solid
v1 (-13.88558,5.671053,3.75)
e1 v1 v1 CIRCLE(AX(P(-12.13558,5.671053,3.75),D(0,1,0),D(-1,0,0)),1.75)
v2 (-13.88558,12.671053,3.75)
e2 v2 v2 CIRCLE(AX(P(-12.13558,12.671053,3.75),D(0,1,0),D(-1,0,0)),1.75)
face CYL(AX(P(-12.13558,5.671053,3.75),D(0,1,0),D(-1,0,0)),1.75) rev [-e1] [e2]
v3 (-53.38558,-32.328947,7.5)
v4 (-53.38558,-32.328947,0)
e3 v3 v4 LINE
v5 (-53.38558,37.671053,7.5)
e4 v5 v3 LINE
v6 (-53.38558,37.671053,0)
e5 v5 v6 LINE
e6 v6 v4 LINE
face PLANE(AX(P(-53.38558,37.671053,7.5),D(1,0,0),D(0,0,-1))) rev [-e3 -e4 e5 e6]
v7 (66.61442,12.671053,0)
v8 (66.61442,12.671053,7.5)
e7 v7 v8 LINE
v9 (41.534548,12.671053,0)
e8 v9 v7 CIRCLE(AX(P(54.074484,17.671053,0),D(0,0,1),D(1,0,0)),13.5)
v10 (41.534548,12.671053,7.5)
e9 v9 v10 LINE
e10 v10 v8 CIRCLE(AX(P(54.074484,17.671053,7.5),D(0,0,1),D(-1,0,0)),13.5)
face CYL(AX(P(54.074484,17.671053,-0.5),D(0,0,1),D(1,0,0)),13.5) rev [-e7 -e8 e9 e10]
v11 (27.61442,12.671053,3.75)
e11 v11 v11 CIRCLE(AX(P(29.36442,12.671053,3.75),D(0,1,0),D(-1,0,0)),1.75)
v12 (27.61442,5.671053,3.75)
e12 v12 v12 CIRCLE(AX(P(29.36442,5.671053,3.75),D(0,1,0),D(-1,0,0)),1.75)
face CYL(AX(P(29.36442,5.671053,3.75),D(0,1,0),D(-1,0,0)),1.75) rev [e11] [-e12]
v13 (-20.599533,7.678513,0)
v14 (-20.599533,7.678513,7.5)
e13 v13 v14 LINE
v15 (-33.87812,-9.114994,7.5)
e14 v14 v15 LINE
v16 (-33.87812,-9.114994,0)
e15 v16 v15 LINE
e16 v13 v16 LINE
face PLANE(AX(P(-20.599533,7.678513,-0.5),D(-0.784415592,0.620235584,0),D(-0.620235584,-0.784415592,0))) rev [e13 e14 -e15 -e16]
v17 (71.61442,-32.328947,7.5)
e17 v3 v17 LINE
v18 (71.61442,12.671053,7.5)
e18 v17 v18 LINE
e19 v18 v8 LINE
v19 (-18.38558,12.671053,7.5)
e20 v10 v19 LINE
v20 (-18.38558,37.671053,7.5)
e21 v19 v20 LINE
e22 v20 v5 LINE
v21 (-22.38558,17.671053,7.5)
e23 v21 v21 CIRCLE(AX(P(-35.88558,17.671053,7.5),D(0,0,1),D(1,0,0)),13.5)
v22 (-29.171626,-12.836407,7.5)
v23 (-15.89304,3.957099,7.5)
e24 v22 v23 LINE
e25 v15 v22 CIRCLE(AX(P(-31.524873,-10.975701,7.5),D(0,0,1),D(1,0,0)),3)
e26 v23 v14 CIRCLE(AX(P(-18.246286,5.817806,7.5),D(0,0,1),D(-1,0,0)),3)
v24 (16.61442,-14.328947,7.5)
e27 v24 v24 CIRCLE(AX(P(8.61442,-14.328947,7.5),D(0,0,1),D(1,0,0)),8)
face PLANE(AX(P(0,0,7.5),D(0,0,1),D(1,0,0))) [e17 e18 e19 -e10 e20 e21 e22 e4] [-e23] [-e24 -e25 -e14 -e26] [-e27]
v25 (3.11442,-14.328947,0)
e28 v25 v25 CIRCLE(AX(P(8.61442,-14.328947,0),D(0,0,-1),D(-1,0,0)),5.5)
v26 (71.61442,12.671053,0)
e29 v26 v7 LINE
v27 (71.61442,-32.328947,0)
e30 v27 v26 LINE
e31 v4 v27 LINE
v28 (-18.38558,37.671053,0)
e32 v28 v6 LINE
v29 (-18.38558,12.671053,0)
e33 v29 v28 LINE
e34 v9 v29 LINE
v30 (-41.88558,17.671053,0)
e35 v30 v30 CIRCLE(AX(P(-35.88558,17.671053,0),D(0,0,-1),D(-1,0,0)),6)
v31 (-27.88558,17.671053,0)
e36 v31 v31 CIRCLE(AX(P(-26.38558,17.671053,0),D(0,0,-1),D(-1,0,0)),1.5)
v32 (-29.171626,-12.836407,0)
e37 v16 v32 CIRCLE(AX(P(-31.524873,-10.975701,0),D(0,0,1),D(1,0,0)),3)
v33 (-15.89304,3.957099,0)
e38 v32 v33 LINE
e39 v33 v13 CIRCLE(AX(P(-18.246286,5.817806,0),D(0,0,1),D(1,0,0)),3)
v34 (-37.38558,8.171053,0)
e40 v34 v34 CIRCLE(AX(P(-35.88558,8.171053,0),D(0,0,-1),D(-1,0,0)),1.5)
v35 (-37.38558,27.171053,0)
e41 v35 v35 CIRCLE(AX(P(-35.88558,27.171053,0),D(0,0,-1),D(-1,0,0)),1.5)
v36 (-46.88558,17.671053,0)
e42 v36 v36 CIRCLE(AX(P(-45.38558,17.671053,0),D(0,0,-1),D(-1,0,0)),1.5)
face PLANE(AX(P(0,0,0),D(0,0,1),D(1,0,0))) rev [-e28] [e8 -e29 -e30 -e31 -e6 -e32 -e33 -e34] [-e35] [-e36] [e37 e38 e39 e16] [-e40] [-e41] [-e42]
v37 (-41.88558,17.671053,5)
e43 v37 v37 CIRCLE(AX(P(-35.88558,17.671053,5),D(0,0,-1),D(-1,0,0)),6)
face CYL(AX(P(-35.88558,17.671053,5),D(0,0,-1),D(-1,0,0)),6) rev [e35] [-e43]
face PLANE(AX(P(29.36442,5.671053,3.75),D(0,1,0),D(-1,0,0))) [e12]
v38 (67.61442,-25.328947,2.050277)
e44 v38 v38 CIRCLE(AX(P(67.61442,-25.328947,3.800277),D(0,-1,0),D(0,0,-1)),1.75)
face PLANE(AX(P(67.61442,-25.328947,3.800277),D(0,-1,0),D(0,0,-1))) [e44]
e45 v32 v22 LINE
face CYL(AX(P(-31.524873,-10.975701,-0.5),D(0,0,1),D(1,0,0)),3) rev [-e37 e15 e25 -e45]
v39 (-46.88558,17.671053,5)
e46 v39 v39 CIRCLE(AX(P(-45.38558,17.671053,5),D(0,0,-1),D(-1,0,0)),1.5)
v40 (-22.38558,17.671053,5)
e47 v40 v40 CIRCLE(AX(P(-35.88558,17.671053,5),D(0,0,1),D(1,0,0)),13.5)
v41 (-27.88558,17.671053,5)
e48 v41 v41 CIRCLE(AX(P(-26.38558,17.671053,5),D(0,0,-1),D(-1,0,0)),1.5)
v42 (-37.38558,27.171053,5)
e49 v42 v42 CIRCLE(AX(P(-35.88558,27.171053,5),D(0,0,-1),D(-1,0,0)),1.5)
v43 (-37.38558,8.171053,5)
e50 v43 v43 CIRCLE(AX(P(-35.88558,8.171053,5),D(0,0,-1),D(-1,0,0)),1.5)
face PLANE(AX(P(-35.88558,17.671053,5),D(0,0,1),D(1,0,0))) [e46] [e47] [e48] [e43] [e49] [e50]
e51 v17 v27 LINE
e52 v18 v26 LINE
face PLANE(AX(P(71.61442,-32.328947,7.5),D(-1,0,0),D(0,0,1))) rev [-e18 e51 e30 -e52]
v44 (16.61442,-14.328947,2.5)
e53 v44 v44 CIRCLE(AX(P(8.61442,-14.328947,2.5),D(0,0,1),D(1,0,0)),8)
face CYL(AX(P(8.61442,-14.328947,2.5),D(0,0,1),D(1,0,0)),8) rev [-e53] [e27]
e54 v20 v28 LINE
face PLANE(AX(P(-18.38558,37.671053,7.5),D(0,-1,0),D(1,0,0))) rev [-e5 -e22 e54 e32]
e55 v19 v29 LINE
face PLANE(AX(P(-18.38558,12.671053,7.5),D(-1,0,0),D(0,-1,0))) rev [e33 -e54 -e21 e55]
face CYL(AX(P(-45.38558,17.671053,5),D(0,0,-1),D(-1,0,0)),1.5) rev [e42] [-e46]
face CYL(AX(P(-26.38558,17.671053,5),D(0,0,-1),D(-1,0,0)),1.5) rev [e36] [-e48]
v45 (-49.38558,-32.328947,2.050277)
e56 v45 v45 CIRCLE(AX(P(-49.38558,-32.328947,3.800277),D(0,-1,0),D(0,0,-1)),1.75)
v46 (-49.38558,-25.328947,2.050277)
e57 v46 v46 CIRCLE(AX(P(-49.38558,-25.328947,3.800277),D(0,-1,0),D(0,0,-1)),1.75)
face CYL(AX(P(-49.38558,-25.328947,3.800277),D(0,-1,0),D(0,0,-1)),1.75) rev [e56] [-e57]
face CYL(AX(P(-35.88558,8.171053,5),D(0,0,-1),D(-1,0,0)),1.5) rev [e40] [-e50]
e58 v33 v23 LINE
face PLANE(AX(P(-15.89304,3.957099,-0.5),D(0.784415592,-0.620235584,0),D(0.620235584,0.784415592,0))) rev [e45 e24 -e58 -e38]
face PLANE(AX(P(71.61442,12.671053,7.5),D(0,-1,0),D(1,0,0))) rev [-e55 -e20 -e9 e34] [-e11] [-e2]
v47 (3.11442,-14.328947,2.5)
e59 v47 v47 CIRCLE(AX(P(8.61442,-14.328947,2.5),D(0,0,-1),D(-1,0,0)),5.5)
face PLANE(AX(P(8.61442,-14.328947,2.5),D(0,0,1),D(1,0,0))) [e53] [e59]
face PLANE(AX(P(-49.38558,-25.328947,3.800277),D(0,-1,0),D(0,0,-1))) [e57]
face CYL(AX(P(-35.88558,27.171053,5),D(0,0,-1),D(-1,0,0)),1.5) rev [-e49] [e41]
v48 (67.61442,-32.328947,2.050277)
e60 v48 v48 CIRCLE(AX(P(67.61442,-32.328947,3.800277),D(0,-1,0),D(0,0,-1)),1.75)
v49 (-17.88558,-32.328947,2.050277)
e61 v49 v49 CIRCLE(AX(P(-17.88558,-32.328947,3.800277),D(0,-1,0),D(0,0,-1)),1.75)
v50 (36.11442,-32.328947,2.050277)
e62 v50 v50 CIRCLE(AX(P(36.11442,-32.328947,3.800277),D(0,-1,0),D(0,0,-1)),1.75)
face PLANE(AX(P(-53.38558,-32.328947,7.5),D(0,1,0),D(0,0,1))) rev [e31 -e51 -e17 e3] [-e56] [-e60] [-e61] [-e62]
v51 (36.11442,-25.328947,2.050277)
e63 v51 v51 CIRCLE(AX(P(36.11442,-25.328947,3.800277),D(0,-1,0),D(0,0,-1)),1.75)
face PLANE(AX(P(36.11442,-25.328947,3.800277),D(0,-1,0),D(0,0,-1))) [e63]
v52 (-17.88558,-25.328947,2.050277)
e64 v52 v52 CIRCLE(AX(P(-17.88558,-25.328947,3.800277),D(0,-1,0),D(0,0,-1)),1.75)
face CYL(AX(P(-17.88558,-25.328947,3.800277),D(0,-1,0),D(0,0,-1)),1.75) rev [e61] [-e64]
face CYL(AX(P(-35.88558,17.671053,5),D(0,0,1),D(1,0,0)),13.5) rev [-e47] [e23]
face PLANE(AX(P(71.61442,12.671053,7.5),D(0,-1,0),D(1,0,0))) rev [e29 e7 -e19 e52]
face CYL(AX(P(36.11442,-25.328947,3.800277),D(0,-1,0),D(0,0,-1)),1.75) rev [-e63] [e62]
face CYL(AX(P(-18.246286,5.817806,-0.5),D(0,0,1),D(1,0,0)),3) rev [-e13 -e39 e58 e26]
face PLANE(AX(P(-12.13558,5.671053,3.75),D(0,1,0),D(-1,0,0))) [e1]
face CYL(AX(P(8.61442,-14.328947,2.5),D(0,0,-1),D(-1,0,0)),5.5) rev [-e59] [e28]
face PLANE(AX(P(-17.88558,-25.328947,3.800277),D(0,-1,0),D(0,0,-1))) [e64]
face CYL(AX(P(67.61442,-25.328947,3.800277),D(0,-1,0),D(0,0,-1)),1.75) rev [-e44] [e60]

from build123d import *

# Parameters (mm, degrees)
BOSS_EXTRU_1_DEPTH       = 7.5
REPOSE_MOTEUR_DEPTH      = 8
ESQUISSE5_R              = 8
FIXATION_COURROI_1_DEPTH = 5
ESQUISSE6_R              = 5.5
FIXATION_COURROI_2_DEPTH = 2.5
ESQUISSE3_R              = 1.5
ESQUISSE3_R_2            = 6
FIXATION_MOTEUR_1_DEPTH  = 5
ESQUISSE2_R              = 13.5
FIXATION_MOTEUR_2_DEPTH  = 2.5
ESQUISSE9_R              = 1.75
PERCAGE_1_DEPTH          = 7
ESQUISSE7_R              = 1.75
PERCAGE_2_DEPTH          = 7


with BuildPart() as part:
    # Esquisse1 → Boss.-Extru.1 (new body)
    with BuildSketch(Plane.XY):
        Polygon((-53.385579659, 37.671052632), (-53.385579659, -32.328947368), (71.614420341, -32.328947368), (71.614420341, 12.671052632), (-18.385579659, 12.671052632), (-18.385579659, 37.671052632), align=None)
    extrude(amount=BOSS_EXTRU_1_DEPTH)

    # Esquisse4 → Repose moteur (cut)
    with BuildSketch(Plane.XY.offset(7.5)):
        with BuildLine():
            Line((41.534547933, 12.671052632), (66.614420341, 12.671052632))
            ThreePointArc((66.614420341, 12.671052632), (54.074484137, 4.171052632), (41.534547933, 12.671052632))
        make_face()
        with BuildLine():
            Line((-20.599533185, 7.678512609), (-33.878119681, -9.114993842))
            ThreePointArc((-33.878119681, -9.114993842), (-33.385579659, -13.328947368), (-29.171626132, -12.836407346))
            Line((-29.171626132, -12.836407346), (-15.893039636, 3.957099105))
            ThreePointArc((-15.893039636, 3.957099105), (-16.385579659, 8.171052632), (-20.599533185, 7.678512609))
        make_face()
    extrude(amount=-REPOSE_MOTEUR_DEPTH, mode=Mode.SUBTRACT)

    # Esquisse5 → Fixation courroi 1 (cut)
    with BuildSketch(Plane.XY.offset(7.5)):
        with Locations((8.614420341, -14.328947368)):
            Circle(ESQUISSE5_R)
    extrude(amount=-FIXATION_COURROI_1_DEPTH, mode=Mode.SUBTRACT)

    # Esquisse6 → Fixation courroi 2 (cut)
    with BuildSketch(Plane(origin=(0, 0, 0), x_dir=(-1, 0, 0), z_dir=(0, 0, -1))):
        with Locations((-8.614420341, -14.328947368)):
            Circle(ESQUISSE6_R)
    extrude(amount=-FIXATION_COURROI_2_DEPTH, mode=Mode.SUBTRACT)

    # Esquisse3 → Fixation moteur 1 (cut)
    with BuildSketch(Plane(origin=(0, 0, 0), x_dir=(-1, 0, 0), z_dir=(0, 0, -1))):
        with Locations((45.385579659, 17.671052632)):
            Circle(ESQUISSE3_R)
        with Locations((35.885579659, 8.171052632)):
            Circle(ESQUISSE3_R)
        with Locations((26.385579659, 17.671052632)):
            Circle(ESQUISSE3_R)
        with Locations((35.885579659, 27.171052632)):
            Circle(ESQUISSE3_R)
        with Locations((35.885579659, 17.671052632)):
            Circle(ESQUISSE3_R_2)
    extrude(amount=-FIXATION_MOTEUR_1_DEPTH, mode=Mode.SUBTRACT)

    # Esquisse2 → Fixation moteur 2 (cut)
    with BuildSketch(Plane.XY.offset(7.5)):
        with Locations((-35.885579659, 17.671052632)):
            Circle(ESQUISSE2_R)
    extrude(amount=-FIXATION_MOTEUR_2_DEPTH, mode=Mode.SUBTRACT)

    # Esquisse9 → Percage 1 (cut)
    with BuildSketch(Plane(origin=(0, 12.671052632, 0), x_dir=(1, 0, 0), z_dir=(0, 1, 0))):
        with Locations((-12.135579659, -3.75)):
            Circle(ESQUISSE9_R)
        with Locations((29.364420341, -3.75)):
            Circle(ESQUISSE9_R)
    extrude(amount=-PERCAGE_1_DEPTH, mode=Mode.SUBTRACT)

    # Esquisse7 → Percage 2 (cut)
    with BuildSketch(Plane.XZ.offset(32.328947368)):
        with Locations((-49.385579659, 3.800276617)):
            Circle(ESQUISSE7_R)
        with Locations((-17.885579659, 3.800276617)):
            Circle(ESQUISSE7_R)
        with Locations((36.114420341, 3.800276617)):
            Circle(ESQUISSE7_R)
        with Locations((67.614420341, 3.800276617)):
            Circle(ESQUISSE7_R)
    extrude(amount=-PERCAGE_2_DEPTH, mode=Mode.SUBTRACT)


solid = part.part
